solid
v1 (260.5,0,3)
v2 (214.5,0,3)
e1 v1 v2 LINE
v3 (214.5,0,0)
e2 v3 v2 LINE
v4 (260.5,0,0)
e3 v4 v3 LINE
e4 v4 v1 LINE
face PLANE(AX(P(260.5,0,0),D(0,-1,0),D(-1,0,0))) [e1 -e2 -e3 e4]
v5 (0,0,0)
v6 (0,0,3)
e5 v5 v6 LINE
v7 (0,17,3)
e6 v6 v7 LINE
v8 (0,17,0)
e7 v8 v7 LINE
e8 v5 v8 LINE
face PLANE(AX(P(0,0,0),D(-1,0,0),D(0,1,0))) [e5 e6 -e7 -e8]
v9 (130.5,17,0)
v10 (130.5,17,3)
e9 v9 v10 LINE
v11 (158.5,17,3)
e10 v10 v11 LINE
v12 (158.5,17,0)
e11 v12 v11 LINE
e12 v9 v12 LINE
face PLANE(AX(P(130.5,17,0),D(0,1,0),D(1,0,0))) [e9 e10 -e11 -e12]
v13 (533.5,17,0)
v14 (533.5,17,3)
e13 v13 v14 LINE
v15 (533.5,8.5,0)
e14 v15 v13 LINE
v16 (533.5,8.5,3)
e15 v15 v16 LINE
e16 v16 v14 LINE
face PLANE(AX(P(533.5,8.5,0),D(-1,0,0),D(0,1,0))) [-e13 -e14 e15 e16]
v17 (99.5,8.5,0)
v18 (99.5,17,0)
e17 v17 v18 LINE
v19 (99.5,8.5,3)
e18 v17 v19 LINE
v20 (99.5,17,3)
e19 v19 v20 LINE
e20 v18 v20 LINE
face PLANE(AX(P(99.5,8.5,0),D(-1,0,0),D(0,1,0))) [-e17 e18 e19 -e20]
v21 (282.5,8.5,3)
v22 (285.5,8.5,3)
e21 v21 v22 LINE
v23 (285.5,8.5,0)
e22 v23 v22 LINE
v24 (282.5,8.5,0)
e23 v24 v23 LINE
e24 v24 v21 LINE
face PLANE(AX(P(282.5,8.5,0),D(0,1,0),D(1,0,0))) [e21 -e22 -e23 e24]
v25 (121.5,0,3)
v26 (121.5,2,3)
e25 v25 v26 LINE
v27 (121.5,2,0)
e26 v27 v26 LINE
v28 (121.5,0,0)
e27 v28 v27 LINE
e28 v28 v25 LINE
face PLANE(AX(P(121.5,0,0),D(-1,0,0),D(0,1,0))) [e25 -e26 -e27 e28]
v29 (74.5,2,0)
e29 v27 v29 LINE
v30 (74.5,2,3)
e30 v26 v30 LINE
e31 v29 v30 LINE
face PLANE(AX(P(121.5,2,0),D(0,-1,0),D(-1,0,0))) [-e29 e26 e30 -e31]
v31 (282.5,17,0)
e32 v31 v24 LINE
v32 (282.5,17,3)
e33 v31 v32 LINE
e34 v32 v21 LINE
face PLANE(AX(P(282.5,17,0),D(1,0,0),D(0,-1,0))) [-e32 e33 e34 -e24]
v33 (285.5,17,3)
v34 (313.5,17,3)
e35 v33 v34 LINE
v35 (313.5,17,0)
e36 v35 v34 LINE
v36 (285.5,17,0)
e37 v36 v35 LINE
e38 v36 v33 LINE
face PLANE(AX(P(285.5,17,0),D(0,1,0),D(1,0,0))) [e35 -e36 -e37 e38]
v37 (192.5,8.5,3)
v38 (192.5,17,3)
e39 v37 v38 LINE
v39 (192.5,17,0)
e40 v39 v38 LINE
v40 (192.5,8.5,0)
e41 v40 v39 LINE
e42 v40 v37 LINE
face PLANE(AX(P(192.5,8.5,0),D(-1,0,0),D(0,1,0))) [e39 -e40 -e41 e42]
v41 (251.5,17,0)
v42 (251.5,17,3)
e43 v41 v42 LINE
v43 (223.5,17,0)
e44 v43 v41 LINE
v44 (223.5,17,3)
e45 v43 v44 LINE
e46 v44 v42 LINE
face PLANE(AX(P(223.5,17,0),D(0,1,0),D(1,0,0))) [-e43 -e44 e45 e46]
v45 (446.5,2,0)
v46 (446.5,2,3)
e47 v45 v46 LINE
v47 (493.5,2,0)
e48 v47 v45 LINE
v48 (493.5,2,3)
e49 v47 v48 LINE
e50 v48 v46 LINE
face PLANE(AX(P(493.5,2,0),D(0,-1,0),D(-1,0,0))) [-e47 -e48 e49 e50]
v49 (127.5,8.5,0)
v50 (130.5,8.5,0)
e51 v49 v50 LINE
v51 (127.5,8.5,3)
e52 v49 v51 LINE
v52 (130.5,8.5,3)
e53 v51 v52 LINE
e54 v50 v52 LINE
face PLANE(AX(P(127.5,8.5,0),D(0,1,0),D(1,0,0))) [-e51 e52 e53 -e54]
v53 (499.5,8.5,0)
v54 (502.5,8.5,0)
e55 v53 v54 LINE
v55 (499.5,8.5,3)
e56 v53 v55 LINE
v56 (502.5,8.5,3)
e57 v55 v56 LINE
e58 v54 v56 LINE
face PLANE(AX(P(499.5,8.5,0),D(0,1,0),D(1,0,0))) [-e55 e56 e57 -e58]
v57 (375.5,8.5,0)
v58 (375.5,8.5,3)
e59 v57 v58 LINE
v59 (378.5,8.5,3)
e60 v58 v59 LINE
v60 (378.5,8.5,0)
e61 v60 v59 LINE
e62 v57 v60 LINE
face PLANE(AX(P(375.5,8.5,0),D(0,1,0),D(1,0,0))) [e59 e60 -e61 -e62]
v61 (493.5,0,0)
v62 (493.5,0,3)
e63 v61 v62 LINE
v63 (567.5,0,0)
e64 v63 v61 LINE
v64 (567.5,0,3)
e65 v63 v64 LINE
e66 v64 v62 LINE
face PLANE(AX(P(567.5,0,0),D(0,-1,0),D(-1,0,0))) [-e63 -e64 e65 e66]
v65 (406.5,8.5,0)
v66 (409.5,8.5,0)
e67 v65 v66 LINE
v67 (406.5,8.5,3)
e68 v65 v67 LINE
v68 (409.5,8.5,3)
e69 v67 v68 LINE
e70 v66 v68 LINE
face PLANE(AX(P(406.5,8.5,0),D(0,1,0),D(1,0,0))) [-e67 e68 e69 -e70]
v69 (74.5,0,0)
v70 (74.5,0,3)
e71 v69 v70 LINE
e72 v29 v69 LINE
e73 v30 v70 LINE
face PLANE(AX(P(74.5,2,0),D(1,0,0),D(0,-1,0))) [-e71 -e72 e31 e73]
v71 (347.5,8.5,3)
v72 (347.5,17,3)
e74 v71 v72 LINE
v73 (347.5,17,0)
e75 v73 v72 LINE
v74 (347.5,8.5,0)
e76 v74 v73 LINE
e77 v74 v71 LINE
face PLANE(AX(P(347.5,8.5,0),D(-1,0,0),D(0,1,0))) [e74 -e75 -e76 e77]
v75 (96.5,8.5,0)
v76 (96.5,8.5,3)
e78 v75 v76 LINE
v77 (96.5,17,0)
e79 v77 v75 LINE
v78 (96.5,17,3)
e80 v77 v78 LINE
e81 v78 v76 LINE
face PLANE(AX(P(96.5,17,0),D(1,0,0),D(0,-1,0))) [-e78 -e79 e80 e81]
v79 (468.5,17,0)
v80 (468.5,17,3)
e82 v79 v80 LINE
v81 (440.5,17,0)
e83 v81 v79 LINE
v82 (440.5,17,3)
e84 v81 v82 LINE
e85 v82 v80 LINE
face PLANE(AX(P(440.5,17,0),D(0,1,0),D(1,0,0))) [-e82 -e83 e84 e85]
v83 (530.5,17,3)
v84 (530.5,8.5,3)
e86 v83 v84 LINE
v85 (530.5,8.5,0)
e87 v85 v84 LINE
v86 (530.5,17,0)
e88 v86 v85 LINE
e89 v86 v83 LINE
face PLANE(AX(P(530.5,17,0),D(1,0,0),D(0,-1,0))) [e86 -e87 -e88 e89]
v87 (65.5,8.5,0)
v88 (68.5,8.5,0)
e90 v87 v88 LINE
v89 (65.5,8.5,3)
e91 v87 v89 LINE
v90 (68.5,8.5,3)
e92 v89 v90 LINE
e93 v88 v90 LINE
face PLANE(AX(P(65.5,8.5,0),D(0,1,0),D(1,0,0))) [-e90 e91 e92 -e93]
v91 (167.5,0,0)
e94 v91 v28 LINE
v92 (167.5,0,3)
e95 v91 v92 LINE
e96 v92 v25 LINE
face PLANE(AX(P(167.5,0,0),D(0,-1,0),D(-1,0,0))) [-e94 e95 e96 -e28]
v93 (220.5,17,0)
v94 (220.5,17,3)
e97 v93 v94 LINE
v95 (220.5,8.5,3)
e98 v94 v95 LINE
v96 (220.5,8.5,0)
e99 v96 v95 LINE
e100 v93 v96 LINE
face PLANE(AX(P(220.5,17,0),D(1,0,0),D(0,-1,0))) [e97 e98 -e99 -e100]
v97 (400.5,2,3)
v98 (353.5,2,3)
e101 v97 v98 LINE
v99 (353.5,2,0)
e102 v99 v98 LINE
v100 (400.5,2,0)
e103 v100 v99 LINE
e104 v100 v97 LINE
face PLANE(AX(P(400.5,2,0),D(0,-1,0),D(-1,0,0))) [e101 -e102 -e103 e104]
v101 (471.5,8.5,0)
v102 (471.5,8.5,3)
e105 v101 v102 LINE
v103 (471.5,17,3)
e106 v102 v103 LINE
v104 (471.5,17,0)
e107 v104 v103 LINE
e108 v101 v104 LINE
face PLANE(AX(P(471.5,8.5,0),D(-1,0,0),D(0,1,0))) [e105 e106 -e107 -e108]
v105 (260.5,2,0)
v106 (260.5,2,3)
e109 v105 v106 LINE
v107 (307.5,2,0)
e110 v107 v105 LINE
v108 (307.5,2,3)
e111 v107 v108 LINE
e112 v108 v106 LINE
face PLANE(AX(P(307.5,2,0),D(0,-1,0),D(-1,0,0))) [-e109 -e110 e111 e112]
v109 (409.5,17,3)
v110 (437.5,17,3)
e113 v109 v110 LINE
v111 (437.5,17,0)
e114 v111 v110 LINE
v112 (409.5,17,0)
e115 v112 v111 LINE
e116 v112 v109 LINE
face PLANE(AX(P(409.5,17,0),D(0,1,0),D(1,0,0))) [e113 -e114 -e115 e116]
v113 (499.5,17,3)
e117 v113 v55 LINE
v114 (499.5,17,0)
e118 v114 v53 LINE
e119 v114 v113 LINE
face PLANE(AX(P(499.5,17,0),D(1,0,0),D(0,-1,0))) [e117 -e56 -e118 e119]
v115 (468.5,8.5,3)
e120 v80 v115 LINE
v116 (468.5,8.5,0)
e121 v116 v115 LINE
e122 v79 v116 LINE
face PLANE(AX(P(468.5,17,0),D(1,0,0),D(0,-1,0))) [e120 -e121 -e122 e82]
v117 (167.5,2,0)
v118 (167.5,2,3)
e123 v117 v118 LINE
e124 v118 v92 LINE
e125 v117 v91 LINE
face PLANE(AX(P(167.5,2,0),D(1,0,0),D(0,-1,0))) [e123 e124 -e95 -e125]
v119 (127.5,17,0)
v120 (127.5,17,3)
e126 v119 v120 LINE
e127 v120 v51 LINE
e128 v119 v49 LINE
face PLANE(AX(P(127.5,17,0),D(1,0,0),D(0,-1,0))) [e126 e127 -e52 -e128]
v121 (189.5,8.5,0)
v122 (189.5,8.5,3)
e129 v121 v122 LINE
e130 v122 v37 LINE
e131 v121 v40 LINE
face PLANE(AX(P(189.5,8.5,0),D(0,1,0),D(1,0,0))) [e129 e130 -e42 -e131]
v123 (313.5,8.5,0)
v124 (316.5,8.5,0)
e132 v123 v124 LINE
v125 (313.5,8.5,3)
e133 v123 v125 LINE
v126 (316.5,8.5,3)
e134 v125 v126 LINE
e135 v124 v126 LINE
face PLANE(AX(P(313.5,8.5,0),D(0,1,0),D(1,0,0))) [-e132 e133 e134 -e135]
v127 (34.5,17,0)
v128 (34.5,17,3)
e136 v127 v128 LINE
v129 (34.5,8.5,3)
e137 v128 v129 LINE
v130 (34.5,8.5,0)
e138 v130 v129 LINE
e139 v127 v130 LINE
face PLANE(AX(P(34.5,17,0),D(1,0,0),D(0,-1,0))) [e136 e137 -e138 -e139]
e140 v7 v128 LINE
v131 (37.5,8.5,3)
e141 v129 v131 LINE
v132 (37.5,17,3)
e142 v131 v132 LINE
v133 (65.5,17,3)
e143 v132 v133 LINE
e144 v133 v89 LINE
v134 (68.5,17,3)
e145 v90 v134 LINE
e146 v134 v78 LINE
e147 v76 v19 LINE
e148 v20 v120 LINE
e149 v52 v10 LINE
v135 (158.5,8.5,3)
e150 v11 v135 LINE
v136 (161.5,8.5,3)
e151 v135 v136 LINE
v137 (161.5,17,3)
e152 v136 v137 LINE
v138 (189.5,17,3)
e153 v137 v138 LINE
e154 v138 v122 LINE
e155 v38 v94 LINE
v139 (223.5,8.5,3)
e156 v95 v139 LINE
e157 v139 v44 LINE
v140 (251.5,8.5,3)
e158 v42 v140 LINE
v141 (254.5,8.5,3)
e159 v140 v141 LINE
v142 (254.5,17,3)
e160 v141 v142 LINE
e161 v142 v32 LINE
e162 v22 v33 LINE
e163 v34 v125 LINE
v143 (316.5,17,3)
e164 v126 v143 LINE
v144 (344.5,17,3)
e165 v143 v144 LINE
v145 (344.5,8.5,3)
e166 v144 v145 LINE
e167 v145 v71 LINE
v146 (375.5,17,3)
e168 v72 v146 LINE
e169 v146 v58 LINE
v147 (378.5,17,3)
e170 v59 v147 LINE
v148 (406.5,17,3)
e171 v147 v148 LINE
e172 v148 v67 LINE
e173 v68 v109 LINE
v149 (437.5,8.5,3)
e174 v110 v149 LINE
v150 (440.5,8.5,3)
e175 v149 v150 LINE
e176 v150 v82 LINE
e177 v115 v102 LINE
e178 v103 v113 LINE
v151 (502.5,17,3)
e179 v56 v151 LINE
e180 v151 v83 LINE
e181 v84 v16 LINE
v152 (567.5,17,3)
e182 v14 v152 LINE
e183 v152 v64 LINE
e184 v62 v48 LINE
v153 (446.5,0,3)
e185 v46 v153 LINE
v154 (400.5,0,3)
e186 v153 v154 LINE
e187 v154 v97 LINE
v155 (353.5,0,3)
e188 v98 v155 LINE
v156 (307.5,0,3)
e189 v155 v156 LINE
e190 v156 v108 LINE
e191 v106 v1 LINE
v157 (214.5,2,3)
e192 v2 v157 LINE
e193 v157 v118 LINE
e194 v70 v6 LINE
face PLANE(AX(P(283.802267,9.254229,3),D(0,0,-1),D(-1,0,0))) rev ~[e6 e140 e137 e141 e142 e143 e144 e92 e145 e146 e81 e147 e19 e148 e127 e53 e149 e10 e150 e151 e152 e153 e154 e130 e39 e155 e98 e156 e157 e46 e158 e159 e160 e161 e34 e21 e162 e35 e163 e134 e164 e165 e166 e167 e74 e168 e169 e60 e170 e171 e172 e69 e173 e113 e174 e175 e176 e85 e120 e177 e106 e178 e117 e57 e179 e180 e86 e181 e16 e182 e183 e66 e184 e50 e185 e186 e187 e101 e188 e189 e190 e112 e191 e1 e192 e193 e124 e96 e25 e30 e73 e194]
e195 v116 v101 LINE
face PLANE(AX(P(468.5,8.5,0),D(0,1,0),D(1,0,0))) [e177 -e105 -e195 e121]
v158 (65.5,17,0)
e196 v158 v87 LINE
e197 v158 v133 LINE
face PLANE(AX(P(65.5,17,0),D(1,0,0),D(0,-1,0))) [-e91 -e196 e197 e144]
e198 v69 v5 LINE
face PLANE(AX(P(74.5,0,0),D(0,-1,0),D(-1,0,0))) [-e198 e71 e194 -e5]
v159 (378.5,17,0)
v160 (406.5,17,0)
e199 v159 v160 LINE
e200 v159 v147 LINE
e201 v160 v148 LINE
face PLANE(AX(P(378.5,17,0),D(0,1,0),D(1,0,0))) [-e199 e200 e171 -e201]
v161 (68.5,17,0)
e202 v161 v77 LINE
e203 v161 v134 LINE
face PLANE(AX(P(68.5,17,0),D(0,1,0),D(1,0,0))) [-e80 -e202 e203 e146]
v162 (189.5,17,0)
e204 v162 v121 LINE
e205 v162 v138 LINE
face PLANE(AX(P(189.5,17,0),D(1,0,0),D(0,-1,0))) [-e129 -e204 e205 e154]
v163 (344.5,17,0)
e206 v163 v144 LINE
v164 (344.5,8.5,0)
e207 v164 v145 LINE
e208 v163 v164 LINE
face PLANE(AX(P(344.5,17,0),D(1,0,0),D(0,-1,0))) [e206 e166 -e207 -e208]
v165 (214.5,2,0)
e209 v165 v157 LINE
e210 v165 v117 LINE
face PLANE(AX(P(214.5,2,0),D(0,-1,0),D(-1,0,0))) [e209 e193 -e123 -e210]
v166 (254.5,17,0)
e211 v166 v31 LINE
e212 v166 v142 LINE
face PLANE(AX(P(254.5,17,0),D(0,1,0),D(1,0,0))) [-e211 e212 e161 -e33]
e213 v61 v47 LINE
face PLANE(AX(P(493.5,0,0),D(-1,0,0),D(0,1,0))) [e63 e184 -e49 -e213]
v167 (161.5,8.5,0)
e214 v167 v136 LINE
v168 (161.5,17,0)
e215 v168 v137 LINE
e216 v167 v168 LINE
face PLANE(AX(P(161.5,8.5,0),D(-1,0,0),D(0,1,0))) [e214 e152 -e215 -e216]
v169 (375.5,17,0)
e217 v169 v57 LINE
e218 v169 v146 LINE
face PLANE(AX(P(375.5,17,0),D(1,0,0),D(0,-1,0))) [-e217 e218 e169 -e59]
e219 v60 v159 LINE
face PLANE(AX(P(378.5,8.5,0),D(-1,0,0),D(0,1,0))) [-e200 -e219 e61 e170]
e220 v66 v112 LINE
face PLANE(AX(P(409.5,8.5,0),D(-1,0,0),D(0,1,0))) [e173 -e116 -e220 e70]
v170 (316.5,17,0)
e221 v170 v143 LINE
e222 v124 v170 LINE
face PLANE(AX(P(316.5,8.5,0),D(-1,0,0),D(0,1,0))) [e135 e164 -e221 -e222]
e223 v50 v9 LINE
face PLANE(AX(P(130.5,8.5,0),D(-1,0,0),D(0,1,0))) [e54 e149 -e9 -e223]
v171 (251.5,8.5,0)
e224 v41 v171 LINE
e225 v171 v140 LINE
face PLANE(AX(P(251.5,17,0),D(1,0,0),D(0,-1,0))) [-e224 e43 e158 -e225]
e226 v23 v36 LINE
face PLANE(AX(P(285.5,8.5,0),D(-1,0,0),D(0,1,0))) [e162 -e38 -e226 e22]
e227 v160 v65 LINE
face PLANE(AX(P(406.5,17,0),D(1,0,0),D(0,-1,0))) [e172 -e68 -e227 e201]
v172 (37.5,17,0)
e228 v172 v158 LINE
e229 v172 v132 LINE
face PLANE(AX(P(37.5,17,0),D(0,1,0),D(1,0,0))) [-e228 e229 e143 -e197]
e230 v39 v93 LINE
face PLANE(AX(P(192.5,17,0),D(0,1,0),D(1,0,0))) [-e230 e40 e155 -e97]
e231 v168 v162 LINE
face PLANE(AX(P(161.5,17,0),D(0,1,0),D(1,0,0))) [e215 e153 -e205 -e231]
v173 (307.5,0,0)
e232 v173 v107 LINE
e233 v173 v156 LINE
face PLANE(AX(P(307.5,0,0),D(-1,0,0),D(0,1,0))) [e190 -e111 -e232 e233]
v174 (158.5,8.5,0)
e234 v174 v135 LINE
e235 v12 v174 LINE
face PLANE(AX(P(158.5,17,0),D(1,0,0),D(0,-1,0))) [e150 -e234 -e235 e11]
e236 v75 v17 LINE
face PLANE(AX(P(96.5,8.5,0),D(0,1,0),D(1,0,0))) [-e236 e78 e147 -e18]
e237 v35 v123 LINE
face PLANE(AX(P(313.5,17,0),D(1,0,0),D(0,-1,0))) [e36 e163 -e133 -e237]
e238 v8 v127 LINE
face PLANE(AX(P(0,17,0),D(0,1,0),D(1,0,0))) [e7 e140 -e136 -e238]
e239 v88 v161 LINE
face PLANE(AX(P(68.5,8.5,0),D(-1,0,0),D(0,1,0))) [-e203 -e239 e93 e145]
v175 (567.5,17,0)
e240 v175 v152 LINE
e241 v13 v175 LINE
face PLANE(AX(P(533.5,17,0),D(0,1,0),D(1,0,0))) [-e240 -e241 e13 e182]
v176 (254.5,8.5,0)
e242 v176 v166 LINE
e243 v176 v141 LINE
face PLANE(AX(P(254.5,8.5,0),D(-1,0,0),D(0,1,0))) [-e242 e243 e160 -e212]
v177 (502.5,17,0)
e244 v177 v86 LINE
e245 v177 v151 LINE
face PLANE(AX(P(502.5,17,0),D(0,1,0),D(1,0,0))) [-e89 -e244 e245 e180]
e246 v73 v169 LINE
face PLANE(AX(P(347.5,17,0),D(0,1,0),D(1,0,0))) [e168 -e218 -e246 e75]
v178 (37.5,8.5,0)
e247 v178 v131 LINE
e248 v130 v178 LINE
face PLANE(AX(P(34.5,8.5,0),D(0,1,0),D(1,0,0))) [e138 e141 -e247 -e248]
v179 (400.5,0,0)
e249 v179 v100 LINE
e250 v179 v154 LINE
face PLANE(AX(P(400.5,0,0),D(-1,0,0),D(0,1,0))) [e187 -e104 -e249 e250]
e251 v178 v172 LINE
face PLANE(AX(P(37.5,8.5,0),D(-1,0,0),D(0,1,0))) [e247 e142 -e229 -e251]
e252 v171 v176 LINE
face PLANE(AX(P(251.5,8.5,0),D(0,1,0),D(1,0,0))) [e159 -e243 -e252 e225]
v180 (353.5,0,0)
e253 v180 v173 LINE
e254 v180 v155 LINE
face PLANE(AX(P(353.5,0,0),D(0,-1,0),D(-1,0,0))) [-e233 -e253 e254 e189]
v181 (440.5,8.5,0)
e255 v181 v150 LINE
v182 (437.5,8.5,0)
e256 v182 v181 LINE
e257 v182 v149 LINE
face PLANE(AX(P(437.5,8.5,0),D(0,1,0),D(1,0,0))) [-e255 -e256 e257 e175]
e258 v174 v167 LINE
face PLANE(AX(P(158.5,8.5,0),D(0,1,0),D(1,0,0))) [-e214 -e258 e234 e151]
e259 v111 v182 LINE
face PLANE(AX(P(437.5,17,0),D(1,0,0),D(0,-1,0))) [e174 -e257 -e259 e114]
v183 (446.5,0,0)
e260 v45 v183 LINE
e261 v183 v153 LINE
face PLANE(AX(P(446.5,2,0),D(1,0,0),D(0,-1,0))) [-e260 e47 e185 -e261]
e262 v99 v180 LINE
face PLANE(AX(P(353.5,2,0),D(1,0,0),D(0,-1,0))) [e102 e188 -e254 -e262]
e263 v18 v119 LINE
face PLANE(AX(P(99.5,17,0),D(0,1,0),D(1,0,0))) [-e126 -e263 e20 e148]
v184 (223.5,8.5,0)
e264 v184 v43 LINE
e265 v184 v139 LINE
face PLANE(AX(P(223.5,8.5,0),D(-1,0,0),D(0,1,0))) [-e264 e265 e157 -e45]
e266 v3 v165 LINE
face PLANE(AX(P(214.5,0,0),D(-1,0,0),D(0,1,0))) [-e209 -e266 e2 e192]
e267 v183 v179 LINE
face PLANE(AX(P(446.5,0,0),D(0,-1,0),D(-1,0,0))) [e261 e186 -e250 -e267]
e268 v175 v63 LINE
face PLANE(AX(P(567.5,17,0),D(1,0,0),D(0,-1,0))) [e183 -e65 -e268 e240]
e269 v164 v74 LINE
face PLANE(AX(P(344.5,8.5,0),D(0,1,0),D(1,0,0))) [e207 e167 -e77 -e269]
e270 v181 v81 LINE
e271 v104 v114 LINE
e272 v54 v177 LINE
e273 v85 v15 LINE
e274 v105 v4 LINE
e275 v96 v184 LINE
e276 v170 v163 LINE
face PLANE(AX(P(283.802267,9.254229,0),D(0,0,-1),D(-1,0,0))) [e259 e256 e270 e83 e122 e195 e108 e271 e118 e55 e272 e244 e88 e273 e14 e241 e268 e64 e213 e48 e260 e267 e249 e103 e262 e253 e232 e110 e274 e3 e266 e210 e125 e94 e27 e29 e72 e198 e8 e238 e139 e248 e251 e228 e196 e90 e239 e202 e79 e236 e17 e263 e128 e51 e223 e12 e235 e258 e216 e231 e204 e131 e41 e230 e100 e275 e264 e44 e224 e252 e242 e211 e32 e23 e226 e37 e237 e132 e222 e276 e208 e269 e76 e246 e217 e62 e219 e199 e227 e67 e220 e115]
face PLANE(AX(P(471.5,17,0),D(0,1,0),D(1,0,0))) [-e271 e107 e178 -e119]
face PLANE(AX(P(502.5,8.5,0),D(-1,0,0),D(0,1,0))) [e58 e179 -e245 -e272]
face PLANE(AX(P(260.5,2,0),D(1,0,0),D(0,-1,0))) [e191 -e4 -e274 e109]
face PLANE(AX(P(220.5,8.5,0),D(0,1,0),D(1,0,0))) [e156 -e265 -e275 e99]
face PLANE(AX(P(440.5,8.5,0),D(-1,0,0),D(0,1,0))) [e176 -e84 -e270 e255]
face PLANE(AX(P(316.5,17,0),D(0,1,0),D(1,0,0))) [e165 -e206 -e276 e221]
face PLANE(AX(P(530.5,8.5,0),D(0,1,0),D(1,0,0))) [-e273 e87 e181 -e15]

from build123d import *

# Parameters (mm, degrees)
PAD_DEPTH = 3


with BuildPart() as part:
    # Sketch → Pad (new body)
    with BuildSketch(Plane.XY):
        Polygon((0, 0), (0, 17), (34.5, 17), (34.5, 8.5), (37.5, 8.5), (37.5, 17), (65.5, 17), (65.5, 8.5), (68.5, 8.5), (68.5, 17), (96.5, 17), (96.5, 8.5), (99.5, 8.5), (99.5, 17), (127.5, 17), (127.5, 8.5), (130.5, 8.5), (130.5, 17), (158.5, 17), (158.5, 8.5), (161.5, 8.5), (161.5, 17), (189.5, 17), (189.5, 8.5), (192.5, 8.5), (192.5, 17), (220.5, 17), (220.5, 8.5), (223.5, 8.5), (223.5, 17), (251.5, 17), (251.5, 8.5), (254.5, 8.5), (254.5, 17), (282.5, 17), (282.5, 8.5), (285.5, 8.5), (285.5, 17), (313.5, 17), (313.5, 8.5), (316.5, 8.5), (316.5, 17), (344.5, 17), (344.5, 8.5), (347.5, 8.5), (347.5, 17), (375.5, 17), (375.5, 8.5), (378.5, 8.5), (378.5, 17), (406.5, 17), (406.5, 8.5), (409.5, 8.5), (409.5, 17), (437.5, 17), (437.5, 8.5), (440.5, 8.5), (440.5, 17), (468.5, 17), (468.5, 8.5), (471.5, 8.5), (471.5, 17), (499.5, 17), (499.5, 8.5), (502.5, 8.5), (502.5, 17), (530.5, 17), (530.5, 8.5), (533.5, 8.5), (533.5, 17), (567.5, 17), (567.5, 0), (493.5, 0), (493.5, 2), (446.5, 2), (446.5, 0), (400.5, 0), (400.5, 2), (353.5, 2), (353.5, 0), (307.5, 0), (307.5, 2), (260.5, 2), (260.5, 0), (214.5, 0), (214.5, 2), (167.5, 2), (167.5, 0), (121.5, 0), (121.5, 2), (74.5, 2), (74.5, 0), align=None)
    extrude(amount=PAD_DEPTH)


solid = part.part
